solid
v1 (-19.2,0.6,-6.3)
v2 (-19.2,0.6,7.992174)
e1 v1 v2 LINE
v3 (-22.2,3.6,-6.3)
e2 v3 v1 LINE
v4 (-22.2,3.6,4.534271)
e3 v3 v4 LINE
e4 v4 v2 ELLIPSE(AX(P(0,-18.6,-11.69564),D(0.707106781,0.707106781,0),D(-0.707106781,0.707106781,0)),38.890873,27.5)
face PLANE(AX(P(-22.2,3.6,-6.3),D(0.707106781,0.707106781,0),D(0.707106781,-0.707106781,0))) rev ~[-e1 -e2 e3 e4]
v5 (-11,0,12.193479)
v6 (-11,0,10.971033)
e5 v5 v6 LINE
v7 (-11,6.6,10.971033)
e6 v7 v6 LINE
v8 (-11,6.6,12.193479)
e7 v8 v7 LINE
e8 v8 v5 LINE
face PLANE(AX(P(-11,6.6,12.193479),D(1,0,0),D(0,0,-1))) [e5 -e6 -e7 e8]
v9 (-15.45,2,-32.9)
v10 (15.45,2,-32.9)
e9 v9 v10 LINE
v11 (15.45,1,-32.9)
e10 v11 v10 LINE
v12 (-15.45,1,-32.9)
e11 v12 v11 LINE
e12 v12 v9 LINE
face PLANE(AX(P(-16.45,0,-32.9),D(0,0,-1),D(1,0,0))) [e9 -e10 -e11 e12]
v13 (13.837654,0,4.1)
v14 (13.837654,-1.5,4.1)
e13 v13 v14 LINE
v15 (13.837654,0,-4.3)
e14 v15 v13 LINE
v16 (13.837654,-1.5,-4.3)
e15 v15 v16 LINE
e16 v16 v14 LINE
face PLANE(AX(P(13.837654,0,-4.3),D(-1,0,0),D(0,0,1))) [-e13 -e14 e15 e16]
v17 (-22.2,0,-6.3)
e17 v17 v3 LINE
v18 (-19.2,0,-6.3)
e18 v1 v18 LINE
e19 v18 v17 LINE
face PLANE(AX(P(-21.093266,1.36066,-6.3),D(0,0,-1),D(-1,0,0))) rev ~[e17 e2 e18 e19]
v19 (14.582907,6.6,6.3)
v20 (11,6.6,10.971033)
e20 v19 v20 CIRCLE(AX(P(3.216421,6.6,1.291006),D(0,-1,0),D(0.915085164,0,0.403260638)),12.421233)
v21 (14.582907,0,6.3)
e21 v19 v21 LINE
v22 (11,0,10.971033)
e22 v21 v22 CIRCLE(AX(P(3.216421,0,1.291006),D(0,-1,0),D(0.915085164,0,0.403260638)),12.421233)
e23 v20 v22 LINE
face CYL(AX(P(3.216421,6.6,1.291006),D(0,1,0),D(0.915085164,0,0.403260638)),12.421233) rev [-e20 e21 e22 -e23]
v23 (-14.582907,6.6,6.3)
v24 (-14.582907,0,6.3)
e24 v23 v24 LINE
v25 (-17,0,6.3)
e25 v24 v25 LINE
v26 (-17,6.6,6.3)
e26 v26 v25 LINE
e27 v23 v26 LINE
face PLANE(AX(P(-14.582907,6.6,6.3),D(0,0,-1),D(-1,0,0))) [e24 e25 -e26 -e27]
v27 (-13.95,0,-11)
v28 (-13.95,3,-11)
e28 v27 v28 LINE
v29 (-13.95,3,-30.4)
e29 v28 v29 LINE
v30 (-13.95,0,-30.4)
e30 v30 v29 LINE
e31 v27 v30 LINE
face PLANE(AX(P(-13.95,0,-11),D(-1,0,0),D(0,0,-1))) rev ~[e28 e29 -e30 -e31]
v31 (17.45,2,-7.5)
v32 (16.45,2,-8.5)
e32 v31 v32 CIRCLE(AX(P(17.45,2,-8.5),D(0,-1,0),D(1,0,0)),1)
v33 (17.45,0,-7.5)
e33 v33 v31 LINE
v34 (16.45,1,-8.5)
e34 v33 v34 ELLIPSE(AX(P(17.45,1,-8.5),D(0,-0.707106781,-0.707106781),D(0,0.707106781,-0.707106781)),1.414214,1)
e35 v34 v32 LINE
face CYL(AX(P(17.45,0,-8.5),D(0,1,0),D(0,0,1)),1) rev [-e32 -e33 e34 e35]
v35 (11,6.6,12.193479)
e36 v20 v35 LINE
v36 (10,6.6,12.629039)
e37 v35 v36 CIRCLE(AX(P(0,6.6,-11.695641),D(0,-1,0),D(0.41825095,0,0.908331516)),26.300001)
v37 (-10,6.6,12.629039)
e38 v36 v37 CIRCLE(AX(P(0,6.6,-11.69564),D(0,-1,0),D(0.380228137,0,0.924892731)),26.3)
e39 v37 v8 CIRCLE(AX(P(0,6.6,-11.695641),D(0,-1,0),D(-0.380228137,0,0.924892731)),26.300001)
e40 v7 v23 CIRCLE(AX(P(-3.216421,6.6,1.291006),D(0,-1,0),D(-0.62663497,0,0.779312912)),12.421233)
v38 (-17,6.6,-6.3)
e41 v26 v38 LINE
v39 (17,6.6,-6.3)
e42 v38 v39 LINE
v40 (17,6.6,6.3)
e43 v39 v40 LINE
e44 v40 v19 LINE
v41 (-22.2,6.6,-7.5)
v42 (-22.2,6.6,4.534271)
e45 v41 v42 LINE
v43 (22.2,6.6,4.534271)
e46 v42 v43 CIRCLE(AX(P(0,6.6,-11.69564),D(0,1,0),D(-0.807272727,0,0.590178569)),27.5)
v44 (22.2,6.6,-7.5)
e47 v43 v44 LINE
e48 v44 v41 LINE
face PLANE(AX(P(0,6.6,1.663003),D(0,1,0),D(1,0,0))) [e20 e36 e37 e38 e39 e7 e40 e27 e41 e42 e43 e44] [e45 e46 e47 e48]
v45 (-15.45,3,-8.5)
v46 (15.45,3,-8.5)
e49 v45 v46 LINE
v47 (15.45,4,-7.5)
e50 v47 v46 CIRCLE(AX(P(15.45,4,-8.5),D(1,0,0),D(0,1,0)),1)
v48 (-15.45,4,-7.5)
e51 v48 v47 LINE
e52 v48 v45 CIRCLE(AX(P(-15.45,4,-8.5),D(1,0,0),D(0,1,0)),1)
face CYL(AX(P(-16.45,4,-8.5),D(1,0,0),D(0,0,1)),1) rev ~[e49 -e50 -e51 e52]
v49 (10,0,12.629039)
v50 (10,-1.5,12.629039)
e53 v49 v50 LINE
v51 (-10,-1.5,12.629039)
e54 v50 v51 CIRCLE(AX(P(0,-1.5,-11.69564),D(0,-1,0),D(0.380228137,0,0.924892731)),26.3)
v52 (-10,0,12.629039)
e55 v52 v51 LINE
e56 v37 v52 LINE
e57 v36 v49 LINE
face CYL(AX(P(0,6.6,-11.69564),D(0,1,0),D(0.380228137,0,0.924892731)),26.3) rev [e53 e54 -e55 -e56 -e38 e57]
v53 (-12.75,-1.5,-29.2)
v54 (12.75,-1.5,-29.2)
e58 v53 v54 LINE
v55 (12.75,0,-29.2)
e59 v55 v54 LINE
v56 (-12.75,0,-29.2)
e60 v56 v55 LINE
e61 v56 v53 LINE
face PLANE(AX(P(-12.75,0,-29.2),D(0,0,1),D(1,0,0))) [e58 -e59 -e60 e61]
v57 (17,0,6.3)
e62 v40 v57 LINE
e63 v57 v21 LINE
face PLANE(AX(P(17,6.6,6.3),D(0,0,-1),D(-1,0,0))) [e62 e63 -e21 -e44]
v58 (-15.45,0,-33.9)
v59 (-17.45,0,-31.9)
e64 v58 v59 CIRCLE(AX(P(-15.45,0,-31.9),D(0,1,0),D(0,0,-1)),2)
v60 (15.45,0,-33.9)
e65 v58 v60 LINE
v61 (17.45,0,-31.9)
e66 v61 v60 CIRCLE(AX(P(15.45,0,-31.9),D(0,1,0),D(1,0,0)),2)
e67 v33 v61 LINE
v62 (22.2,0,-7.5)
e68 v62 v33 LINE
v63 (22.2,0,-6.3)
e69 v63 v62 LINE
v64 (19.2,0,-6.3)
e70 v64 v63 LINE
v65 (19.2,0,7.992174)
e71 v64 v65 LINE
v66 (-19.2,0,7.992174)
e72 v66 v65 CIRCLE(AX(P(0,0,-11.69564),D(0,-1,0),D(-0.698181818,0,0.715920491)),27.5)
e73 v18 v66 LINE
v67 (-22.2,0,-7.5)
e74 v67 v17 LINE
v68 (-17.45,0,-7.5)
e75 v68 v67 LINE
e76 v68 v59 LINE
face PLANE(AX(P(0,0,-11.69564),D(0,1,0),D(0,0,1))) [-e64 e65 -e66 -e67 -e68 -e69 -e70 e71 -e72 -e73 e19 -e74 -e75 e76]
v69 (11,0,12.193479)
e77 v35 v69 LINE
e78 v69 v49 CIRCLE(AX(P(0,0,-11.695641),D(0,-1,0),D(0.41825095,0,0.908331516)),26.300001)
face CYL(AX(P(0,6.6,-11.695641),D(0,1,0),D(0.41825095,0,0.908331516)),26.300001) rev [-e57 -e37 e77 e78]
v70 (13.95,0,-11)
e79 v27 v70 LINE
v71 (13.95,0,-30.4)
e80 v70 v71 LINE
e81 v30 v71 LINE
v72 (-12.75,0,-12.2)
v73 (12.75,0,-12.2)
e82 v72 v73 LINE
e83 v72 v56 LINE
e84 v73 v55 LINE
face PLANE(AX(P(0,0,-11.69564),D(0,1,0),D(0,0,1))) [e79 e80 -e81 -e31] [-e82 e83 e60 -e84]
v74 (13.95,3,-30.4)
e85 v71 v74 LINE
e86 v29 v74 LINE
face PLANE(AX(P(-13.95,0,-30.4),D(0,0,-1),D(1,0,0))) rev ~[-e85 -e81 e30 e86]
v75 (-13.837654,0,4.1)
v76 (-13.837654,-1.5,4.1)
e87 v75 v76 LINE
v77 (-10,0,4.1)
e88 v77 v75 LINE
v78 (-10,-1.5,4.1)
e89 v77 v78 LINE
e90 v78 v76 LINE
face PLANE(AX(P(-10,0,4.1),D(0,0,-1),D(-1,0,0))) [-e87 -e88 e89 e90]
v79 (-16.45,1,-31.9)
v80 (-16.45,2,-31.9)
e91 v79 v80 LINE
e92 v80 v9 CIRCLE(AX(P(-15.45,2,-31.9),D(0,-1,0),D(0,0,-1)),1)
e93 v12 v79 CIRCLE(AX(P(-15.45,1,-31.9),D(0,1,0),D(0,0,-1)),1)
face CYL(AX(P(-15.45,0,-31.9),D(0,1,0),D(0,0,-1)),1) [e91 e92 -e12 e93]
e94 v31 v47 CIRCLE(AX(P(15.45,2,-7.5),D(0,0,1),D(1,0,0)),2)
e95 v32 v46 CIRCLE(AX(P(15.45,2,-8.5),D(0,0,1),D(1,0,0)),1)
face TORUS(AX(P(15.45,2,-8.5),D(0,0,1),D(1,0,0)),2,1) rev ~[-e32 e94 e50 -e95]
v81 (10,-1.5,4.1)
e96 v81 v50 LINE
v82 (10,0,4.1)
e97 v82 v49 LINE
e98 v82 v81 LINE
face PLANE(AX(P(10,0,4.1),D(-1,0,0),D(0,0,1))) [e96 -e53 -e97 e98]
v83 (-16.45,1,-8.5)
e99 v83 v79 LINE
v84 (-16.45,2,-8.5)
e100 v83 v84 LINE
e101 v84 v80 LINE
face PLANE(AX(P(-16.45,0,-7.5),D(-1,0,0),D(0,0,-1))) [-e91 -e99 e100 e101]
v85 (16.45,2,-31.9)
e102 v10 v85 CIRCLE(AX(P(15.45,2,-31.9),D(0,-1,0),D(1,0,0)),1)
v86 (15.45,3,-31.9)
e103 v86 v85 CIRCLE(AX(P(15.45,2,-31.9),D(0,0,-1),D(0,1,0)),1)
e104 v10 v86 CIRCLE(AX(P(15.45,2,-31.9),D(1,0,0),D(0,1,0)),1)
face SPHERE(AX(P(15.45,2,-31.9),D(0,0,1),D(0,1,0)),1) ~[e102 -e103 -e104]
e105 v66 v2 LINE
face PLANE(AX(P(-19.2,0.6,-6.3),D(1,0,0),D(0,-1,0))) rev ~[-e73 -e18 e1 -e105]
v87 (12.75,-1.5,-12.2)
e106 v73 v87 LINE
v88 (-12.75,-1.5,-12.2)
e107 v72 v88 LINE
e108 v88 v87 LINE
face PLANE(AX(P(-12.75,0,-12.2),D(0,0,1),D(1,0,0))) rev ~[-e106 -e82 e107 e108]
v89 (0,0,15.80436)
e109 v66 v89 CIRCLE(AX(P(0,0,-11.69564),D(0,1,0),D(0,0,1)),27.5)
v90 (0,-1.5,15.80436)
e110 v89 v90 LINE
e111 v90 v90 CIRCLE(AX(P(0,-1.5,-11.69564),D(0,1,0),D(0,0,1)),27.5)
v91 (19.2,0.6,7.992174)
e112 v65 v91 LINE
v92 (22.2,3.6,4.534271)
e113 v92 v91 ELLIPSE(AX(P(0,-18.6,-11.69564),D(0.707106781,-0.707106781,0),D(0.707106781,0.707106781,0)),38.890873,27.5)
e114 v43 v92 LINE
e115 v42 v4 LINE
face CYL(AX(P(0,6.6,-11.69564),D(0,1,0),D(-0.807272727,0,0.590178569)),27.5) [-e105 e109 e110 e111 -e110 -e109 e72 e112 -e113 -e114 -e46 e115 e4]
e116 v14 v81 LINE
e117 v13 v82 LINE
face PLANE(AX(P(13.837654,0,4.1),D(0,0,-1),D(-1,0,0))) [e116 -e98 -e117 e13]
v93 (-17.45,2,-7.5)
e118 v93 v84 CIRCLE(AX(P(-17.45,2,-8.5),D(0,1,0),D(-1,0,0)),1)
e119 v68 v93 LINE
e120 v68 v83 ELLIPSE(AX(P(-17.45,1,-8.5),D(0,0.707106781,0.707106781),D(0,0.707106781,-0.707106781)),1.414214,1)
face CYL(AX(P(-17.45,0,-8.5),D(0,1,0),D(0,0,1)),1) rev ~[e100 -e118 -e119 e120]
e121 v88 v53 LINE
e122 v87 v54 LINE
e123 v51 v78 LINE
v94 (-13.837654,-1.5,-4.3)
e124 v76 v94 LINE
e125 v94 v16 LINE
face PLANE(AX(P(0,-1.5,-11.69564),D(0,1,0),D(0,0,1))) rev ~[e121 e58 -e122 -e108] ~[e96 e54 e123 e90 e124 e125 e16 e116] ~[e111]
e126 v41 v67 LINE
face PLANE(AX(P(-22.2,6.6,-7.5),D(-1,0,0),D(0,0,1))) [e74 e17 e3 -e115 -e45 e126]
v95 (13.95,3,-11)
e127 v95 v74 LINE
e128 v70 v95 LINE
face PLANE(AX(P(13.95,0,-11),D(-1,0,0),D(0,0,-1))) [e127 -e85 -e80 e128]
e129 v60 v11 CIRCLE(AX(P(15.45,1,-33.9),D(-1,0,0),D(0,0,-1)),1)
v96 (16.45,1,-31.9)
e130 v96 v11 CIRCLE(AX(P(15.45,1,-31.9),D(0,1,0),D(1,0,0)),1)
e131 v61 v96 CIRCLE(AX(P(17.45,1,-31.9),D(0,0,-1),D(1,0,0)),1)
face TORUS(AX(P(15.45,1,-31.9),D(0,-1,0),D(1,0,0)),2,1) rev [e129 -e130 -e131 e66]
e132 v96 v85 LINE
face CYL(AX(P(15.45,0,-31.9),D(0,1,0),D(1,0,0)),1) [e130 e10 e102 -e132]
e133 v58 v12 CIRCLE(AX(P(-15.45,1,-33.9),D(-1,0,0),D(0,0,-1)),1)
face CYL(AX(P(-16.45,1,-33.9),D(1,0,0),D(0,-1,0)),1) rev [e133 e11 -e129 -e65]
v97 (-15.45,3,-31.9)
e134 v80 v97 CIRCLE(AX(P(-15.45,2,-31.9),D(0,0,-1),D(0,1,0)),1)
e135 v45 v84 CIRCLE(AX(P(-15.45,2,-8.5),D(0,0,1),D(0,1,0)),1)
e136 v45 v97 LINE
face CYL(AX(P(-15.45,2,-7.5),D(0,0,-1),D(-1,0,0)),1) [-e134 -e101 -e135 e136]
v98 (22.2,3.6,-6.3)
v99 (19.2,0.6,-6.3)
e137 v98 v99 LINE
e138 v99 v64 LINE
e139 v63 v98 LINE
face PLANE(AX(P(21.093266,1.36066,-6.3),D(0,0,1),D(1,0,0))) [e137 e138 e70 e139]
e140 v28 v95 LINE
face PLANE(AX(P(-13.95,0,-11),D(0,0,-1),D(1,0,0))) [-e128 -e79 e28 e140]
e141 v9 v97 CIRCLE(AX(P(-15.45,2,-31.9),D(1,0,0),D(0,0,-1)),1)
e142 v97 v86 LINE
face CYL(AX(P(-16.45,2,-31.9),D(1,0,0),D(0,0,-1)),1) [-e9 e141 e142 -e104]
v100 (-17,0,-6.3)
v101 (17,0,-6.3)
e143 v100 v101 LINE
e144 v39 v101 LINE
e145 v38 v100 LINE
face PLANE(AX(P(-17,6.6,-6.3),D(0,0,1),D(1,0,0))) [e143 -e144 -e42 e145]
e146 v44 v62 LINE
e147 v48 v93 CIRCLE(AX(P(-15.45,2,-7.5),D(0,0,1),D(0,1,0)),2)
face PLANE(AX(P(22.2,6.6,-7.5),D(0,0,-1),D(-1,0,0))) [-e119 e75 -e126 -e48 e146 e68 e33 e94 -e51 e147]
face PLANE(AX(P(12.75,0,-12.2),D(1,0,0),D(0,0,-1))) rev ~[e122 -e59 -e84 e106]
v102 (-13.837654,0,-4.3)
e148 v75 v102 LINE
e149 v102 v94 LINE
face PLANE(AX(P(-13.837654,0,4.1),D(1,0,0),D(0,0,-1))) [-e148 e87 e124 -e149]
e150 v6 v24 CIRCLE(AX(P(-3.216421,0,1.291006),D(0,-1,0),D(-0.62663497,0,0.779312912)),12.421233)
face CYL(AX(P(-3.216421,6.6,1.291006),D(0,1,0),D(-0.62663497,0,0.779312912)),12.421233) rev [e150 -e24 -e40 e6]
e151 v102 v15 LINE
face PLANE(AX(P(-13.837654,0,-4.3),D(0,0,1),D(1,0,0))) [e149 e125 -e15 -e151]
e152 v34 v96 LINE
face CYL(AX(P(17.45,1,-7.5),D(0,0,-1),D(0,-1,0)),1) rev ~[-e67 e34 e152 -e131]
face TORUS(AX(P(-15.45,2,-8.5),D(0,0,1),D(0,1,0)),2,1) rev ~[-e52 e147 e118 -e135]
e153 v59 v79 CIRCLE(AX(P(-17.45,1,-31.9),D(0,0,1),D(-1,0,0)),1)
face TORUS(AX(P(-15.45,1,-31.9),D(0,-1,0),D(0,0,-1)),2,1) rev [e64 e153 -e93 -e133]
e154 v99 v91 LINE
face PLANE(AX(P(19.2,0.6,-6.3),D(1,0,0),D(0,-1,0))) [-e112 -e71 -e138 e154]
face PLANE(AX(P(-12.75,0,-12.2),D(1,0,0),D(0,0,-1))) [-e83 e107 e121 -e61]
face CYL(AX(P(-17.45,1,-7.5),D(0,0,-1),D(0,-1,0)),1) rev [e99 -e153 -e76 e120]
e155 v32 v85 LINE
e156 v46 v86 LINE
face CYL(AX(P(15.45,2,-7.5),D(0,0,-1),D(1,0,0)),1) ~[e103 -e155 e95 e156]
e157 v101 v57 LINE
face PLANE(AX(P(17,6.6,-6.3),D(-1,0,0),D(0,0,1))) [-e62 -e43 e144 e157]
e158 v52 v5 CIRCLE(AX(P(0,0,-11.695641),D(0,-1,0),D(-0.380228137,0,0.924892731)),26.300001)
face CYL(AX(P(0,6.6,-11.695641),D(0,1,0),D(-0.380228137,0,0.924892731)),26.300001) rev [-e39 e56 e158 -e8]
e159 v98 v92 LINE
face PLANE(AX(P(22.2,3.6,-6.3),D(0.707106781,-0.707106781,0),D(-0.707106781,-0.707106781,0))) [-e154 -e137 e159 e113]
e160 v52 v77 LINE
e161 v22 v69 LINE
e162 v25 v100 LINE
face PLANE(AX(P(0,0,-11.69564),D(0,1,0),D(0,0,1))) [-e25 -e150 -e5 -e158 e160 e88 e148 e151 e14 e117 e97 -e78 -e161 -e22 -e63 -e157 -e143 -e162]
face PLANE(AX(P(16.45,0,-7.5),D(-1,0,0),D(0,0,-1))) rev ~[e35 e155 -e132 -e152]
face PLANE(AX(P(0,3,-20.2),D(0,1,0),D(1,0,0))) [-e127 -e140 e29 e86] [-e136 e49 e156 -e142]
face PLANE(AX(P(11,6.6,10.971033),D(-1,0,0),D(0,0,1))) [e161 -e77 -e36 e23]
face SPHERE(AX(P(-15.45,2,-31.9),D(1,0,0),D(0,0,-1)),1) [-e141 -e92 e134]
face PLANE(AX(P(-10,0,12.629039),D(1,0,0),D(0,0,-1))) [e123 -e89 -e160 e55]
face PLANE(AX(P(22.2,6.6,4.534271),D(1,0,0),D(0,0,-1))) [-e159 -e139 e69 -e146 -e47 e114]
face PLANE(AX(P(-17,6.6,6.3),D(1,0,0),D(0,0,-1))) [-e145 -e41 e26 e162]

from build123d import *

# Parameters (mm, degrees)
SKETCH1_R               = 27.5
SKETCH1_W               = 25.5
SKETCH1_H               = 17
BOSS_EXTRUDE1_DEPTH     = 1.5
BOSS_EXTRUDE2_START     = 6.6
BOSS_EXTRUDE2_DEPTH     = 6.6
CUT_EXTRUDE1_REACH      = 45.381
CUT_EXTRUDE1_END_RADIUS = 27.5
SKETCH1_5_W             = 32.9
SKETCH1_5_H             = 25.4
SKETCH1_5_W_2           = 27.9
SKETCH1_5_H_2           = 19.4
BOSS_EXTRUDE3_DEPTH     = 3
FILLET1_R               = 1


with BuildPart() as part:
    # Sketch1 → Boss-Extrude1 (new body)
    with BuildSketch(Plane(origin=(0, 0, 0), x_dir=(1, 0, 0), z_dir=(0, 1, 0))):
        with Locations(Location((0, 11.695639977, 0), (0, 0, 270))):
            Circle(SKETCH1_R)
        with BuildLine():
            Line((10, -4.1), (10, -12.629038849))
            ThreePointArc((10, -12.629038849), (0, -14.604360023), (-10, -12.629038849))
            Line((-10, -12.629038849), (-10, -4.1))
            Line((-10, -4.1), (-13.837653888, -4.1))
            Line((-13.837653888, -4.1), (-13.837653888, 4.3))
            Line((-13.837653888, 4.3), (13.837653888, 4.3))
            Line((13.837653888, 4.3), (13.837653888, -4.1))
            Line((13.837653888, -4.1), (10, -4.1))
        make_face(mode=Mode.SUBTRACT)
        with Locations((0, 20.7)):
            Rectangle(SKETCH1_W, SKETCH1_H, mode=Mode.SUBTRACT)
    extrude(amount=-BOSS_EXTRUDE1_DEPTH)

    # Sketch1<3> → Boss-Extrude2 (add)
    with BuildSketch(Plane(origin=(0, 0, 0), x_dir=(1, 0, 0), z_dir=(0, 1, 0)).offset(BOSS_EXTRUDE2_START)):
        with BuildLine():
            Line((-16.45, 7.5), (-22.2, 7.5))
            Line((-22.2, 7.5), (-22.2, -4.534270682))
            ThreePointArc((-22.2, -4.534270682), (0, -15.804360023), (22.2, -4.534270682))
            Line((22.2, -4.534270682), (22.2, 7.5))
            Line((22.2, 7.5), (16.45, 7.5))
            Line((16.45, 7.5), (-16.45, 7.5))
        make_face()
        with BuildLine():
            Line((-17, -6.3), (-17, 6.3))
            Line((-17, 6.3), (17, 6.3))
            Line((17, 6.3), (17, -6.3))
            Line((17, -6.3), (14.582906959, -6.3))
            ThreePointArc((14.582906959, -6.3), (13.072174848, -8.850843183), (11, -10.971032764))
            Line((11, -10.971032764), (11, -12.193478885))
            ThreePointArc((11, -12.193478885), (10.502258239, -12.416443547), (10, -12.629038849))
            ThreePointArc((10, -12.629038849), (0, -14.604360023), (-10, -12.629038849))
            ThreePointArc((-10, -12.629038849), (-10.502258239, -12.416443547), (-11, -12.193478885))
            Line((-11, -12.193478885), (-11, -10.971032764))
            ThreePointArc((-11, -10.971032764), (-13.072174848, -8.850843183), (-14.582906959, -6.3))
            Line((-14.582906959, -6.3), (-17, -6.3))
        make_face(mode=Mode.SUBTRACT)
    extrude(amount=-BOSS_EXTRUDE2_DEPTH)

    # Cut-Extrude1: up to this cylinder (the profile starts inside it)
    cut_extrude1_end = Plane(origin=(0, 1.228571, -11.695639977), z_dir=(0, 1, 0)) * Cylinder(CUT_EXTRUDE1_END_RADIUS, 146.762, mode=Mode.PRIVATE)
    # Sketch2 → Cut-Extrude1 (cut, up to the surface)
    with BuildSketch(Plane.XY.offset(-6.3), mode=Mode.PRIVATE) as cut_extrude1_sk1:
        Polygon((-22.2, 3.6), (-19.2, 0.6), (-19.2, 0), (-22.2, 0), align=None)
    cut_extrude1_tool1 = extrude(cut_extrude1_sk1.sketch, amount=CUT_EXTRUDE1_REACH, mode=Mode.PRIVATE) & cut_extrude1_end
    add(cut_extrude1_tool1.solids().sort_by_distance((-21.057143, 1.228571, -6.3))[0], mode=Mode.SUBTRACT)
    # Sketch2 → Cut-Extrude1 (cut, up to the surface)
    with BuildSketch(Plane.XY.offset(-6.3), mode=Mode.PRIVATE) as cut_extrude1_sk2:
        Polygon((19.2, 0.6), (19.2, 0), (22.2, 0), (22.2, 3.6), align=None)
    cut_extrude1_tool2 = extrude(cut_extrude1_sk2.sketch, amount=CUT_EXTRUDE1_REACH, mode=Mode.PRIVATE) & cut_extrude1_end
    add(cut_extrude1_tool2.solids().sort_by_distance((21.057143, 1.228571, -6.3))[0], mode=Mode.SUBTRACT)

    # Sketch1<5> → Boss-Extrude3 (add)
    with BuildSketch(Plane(origin=(0, 0, 0), x_dir=(1, 0, 0), z_dir=(0, 1, 0))):
        with Locations((0, 20.2)):
            Rectangle(SKETCH1_5_W, SKETCH1_5_H)
        with Locations((0, 20.7)):
            Rectangle(SKETCH1_5_W_2, SKETCH1_5_H_2, mode=Mode.SUBTRACT)
    extrude(amount=BOSS_EXTRUDE3_DEPTH)

    # Fillet1
    fillet1_edges = [part.edges().sort_by_distance(p)[0] for p in [
        (16.45, 3, -20.2),
        (16.45, 1.5, -7.5),
        (0, 3, -32.9),
        (16.45, 1.5, -32.9),
        (-16.45, 0, -20.2),
        (-16.45, 1.5, -32.9),
        (-16.45, 1.5, -7.5),
        (-16.45, 3, -20.2),
        (0, 3, -7.5),
        (16.45, 0, -20.2),
        (0, 0, -32.9),
    ]]
    fillet(fillet1_edges, radius=FILLET1_R)


solid = part.part
